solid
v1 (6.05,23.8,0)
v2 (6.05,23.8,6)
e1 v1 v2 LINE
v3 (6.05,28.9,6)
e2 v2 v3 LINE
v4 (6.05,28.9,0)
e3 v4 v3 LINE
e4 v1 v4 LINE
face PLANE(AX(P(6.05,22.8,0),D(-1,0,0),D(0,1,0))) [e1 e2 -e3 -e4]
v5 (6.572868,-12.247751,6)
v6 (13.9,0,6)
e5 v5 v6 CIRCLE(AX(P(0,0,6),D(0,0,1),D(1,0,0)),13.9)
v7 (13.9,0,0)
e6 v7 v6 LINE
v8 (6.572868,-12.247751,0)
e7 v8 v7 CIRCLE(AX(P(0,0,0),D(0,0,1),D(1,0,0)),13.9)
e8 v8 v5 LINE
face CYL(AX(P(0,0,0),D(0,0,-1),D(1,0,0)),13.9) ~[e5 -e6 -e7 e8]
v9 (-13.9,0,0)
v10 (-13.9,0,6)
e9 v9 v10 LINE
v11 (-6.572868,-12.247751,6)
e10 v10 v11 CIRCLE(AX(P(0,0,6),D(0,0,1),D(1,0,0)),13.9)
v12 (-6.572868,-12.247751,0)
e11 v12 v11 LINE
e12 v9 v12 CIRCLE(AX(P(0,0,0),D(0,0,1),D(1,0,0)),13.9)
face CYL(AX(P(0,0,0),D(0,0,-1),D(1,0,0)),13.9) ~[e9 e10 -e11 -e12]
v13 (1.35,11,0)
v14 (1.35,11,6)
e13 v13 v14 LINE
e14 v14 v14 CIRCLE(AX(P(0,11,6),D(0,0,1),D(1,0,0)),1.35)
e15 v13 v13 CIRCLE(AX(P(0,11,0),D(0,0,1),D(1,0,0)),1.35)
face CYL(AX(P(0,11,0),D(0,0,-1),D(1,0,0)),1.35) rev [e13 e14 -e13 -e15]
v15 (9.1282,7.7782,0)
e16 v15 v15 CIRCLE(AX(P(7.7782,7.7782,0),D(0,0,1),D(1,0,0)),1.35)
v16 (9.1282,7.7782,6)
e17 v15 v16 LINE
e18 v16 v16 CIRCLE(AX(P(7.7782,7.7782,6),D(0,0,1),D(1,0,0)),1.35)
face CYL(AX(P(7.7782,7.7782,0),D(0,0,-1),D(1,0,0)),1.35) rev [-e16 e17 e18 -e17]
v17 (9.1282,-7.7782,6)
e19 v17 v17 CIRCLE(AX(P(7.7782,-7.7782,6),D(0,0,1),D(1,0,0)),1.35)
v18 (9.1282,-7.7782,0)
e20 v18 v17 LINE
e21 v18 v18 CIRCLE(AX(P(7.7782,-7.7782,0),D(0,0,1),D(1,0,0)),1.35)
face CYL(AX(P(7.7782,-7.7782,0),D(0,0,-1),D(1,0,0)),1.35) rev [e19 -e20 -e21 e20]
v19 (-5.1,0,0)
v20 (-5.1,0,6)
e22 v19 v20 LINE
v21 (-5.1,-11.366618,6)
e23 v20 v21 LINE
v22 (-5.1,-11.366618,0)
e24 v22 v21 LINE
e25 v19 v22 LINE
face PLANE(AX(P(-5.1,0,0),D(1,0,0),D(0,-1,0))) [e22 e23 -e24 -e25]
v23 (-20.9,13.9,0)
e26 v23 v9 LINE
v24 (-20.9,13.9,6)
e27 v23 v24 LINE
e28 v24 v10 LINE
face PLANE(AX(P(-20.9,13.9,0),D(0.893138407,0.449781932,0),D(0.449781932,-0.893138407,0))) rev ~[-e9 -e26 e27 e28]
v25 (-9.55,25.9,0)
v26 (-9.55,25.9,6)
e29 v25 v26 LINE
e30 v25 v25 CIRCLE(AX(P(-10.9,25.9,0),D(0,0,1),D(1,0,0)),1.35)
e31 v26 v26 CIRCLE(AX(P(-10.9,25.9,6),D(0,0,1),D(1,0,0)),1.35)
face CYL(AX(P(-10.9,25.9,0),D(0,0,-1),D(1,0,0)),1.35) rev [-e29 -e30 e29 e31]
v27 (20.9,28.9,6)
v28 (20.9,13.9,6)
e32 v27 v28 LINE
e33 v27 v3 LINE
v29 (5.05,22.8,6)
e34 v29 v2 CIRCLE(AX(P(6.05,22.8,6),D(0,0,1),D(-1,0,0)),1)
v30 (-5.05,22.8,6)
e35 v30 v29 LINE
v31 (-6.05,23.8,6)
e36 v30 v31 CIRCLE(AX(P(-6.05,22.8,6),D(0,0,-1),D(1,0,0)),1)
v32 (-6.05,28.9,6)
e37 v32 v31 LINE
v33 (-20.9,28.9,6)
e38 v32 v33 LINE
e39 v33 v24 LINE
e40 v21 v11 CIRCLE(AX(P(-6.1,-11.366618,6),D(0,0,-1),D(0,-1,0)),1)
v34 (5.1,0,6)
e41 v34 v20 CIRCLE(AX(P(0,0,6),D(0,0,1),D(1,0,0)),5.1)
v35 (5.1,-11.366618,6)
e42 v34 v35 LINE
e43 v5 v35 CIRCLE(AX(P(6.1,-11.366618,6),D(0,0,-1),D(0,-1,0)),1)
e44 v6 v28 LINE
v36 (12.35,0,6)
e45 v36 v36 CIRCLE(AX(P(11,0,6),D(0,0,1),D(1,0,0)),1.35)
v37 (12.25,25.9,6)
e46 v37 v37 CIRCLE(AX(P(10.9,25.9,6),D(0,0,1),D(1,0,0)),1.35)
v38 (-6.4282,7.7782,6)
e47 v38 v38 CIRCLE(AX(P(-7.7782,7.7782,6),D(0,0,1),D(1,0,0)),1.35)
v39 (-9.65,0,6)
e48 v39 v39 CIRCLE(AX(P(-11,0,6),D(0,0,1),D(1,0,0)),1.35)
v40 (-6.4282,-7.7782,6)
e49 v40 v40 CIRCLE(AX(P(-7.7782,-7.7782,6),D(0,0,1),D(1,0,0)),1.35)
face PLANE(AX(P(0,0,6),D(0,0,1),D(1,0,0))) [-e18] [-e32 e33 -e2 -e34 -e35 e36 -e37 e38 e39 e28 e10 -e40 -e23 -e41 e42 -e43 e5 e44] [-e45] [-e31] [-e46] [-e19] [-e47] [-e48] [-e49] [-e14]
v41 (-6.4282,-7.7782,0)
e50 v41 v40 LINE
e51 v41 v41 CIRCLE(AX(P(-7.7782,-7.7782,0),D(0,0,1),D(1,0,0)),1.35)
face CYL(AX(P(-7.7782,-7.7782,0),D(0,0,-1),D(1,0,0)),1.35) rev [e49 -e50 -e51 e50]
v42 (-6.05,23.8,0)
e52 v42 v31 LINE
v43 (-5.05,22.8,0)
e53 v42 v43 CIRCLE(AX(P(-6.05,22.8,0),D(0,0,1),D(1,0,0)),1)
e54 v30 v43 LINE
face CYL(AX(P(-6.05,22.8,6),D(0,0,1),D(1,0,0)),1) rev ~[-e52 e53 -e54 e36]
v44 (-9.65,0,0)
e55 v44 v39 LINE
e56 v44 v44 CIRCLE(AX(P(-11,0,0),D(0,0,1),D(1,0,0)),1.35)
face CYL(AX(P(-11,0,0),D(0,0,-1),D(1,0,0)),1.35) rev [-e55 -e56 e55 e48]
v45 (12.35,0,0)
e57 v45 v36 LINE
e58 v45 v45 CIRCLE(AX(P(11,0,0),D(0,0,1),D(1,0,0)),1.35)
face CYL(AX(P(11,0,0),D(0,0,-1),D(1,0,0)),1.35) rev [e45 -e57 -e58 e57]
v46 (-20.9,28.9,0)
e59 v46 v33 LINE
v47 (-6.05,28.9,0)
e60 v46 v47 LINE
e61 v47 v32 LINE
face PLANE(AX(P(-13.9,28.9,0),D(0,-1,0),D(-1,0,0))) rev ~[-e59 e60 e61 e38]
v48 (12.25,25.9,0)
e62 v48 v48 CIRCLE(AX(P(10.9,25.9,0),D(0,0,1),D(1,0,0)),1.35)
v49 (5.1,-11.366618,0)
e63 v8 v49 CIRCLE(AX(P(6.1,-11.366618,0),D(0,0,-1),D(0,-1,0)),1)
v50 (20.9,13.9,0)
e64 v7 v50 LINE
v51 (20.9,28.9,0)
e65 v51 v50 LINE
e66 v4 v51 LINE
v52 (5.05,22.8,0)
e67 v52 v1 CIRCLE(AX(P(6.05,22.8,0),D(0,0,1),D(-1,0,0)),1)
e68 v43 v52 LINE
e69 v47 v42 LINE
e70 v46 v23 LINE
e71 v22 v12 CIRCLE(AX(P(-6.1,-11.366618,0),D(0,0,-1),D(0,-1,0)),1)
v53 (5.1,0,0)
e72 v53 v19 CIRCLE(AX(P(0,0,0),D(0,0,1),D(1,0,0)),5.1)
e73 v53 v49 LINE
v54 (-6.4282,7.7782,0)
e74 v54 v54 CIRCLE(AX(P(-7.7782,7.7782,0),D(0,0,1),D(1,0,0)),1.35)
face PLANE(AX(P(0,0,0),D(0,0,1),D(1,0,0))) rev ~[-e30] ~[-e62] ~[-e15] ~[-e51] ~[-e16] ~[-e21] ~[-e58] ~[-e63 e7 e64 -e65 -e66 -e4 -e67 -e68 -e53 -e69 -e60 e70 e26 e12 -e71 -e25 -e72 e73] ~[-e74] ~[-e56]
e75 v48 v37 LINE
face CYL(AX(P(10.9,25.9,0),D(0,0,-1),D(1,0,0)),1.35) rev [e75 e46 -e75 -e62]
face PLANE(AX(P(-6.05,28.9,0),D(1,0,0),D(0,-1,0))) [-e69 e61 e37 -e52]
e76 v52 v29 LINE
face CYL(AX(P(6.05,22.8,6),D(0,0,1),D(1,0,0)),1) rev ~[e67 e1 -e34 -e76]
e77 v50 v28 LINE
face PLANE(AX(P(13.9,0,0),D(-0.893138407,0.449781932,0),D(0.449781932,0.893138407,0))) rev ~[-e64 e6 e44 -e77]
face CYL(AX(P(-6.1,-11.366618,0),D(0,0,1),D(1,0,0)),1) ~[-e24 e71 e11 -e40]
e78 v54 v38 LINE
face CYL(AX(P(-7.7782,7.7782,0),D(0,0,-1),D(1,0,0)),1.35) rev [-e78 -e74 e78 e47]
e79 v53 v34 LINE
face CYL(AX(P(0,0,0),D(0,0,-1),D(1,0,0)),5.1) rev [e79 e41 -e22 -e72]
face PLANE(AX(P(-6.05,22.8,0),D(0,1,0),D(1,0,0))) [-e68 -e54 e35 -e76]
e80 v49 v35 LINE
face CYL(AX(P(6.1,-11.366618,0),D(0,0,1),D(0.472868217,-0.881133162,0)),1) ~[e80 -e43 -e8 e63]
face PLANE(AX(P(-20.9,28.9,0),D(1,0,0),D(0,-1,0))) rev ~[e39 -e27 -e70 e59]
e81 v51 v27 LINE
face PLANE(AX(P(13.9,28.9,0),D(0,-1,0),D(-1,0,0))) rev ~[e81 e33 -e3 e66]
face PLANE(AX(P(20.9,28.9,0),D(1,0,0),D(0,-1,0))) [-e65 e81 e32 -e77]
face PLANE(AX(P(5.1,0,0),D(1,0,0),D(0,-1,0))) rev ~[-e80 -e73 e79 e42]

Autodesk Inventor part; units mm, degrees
ref_plane "YZ Plane" through (0, 0, 0) normal (1, 0, 0) x (0, 1, 0)
ref_plane "XZ Plane" through (0, 0, 0) normal (0, 1, 0) x (-1, 0, 0)
ref_plane "XY Plane" through (0, 0, 0) normal (0, 0, 1) x (1, 0, 0)
ref_plane "작업 평면1" through (0, 0, 0) normal (0, 0, 1) x (1, 0, 0)
sketch "스케치1" plane through (0, 0, 0) normal (0, 0, 1) x (1, 0, 0)
  circle A0 centre (-7.7782, -7.7782) radius 1.55 projected
  circle A1 centre (7.7782, -7.7782) radius 1.55 projected
  circle A2 centre (7.7782, 7.7782) radius 1.55 projected
  circle A3 centre (-7.7782, 7.7782) radius 1.55 projected
  circle A4 centre (0, 0) radius 5 projected
  circle A5 centre (0, 0) radius 13.9 projected
  circle A6 centre (0, 11) radius 1.55 projected
  circle A7 centre (11, 0) radius 1.55 projected
  circle A8 centre (0, -11) radius 1.55 projected
  circle A9 centre (-11, 0) radius 1.55 projected
  line L0 (13.9, 0) -> (13.9, 13.9)
  line L1 (13.9, 13.9) -> (-13.9, 13.9)
  line L2 (-13.9, 13.9) -> (13.9, 13.9)
  line L3 (13.9, 28.9) -> (-13.9, 28.9)
  line L4 (3.1, 28.9) -> (-3.1, 28.9)
  circle A10 centre (0, 0) radius 5.1
  circle A11 centre (-7.7782, 7.7782) radius 1.35
  circle A12 centre (-11, 0) radius 1.35
  circle A13 centre (-7.7782, -7.7782) radius 1.35
  circle A14 centre (0, -11) radius 1.35
  circle A15 centre (7.7782, -7.7782) radius 1.35
  circle A16 centre (11, 0) radius 1.35
  circle A17 centre (7.7782, 7.7782) radius 1.35
  circle A18 centre (0, 11) radius 1.35
  circle A19 centre (0, 0) radius 13.9
  line L5 (-5.1, 0) -> (-5.1, -12.9306)
  line L6 (5.1, 0) -> (5.1, -12.9306)
  line L7 (6.05, 28.9) -> (-6.05, 28.9)
  line L8 (-6.05, 28.9) -> (-6.05, 22.8)
  line L9 (-6.05, 22.8) -> (6.05, 22.8)
  line L10 (6.05, 22.8) -> (6.05, 28.9)
  line L11 (13.9, 28.9) -> (20.9, 28.9)
  line L12 (20.9, 28.9) -> (20.9, 13.9)
  line L13 (20.9, 13.9) -> (13.9, 13.9)
  line L14 (-13.9, 28.9) -> (-20.9, 28.9)
  line L15 (-20.9, 28.9) -> (-20.9, 13.9)
  line L16 (-20.9, 13.9) -> (-13.9, 13.9)
  line L17 (-20.9, 13.9) -> (-13.9, 0)
  line L18 (13.9, 0) -> (20.9, 13.9)
  circle A20 centre (-10.9, 25.9) radius 1.35
  circle A21 centre (10.9, 25.9) radius 1.35
  point P0 (0, 0)
  point P1 (0, 13.9)
  dimension "d24" = 0.1
  dimension "d25" = 2.7
  dimension "d28" = 360
  dimension "d30" = 12.1
  dimension "d31" = 6.1
  dimension "d39" = 2.7
  dimension "d40" = 2.7
extrude "돌출7" add sketch "스케치1" along normal blind 6 contours A0 | A1 | A2 | A3 | A5 L6 A10 L5 | L17 L16 L1 A5 | L1 L0 A5 | L1 L16 L15 L14 L3 L8 L9 L10 L11 L12 L13 | L0 L13 L18 | A6 | A7 | A9 picked at (-7.5104, -2.4224)
fillet "모깎기3" radius 1 2 edges at (-5.1, -12.9306, 3) (5.1, -12.9306, 3)
sketch "스케치2" plane through (0, 0, 6) normal (0, 0, 1) x (1, 0, 0)
  line L0 (-6.05, 22.8) -> (-6.05, 28.9) projected
  line L1 (6.05, 22.8) -> (-6.05, 22.8) projected
  line L2 (6.05, 28.9) -> (6.05, 22.8) projected
  circle A0 centre (-6.05, 22.8) radius 1
  circle A1 centre (6.05, 22.8) radius 1
  point P0 (0, 0)
  dimension "d47" = 2
  dimension "d48" = 2
extrude "돌출8" cut sketch "스케치2" against normal blind 10
properties part number "leg_between_64" material "PMMA 플라스틱"
